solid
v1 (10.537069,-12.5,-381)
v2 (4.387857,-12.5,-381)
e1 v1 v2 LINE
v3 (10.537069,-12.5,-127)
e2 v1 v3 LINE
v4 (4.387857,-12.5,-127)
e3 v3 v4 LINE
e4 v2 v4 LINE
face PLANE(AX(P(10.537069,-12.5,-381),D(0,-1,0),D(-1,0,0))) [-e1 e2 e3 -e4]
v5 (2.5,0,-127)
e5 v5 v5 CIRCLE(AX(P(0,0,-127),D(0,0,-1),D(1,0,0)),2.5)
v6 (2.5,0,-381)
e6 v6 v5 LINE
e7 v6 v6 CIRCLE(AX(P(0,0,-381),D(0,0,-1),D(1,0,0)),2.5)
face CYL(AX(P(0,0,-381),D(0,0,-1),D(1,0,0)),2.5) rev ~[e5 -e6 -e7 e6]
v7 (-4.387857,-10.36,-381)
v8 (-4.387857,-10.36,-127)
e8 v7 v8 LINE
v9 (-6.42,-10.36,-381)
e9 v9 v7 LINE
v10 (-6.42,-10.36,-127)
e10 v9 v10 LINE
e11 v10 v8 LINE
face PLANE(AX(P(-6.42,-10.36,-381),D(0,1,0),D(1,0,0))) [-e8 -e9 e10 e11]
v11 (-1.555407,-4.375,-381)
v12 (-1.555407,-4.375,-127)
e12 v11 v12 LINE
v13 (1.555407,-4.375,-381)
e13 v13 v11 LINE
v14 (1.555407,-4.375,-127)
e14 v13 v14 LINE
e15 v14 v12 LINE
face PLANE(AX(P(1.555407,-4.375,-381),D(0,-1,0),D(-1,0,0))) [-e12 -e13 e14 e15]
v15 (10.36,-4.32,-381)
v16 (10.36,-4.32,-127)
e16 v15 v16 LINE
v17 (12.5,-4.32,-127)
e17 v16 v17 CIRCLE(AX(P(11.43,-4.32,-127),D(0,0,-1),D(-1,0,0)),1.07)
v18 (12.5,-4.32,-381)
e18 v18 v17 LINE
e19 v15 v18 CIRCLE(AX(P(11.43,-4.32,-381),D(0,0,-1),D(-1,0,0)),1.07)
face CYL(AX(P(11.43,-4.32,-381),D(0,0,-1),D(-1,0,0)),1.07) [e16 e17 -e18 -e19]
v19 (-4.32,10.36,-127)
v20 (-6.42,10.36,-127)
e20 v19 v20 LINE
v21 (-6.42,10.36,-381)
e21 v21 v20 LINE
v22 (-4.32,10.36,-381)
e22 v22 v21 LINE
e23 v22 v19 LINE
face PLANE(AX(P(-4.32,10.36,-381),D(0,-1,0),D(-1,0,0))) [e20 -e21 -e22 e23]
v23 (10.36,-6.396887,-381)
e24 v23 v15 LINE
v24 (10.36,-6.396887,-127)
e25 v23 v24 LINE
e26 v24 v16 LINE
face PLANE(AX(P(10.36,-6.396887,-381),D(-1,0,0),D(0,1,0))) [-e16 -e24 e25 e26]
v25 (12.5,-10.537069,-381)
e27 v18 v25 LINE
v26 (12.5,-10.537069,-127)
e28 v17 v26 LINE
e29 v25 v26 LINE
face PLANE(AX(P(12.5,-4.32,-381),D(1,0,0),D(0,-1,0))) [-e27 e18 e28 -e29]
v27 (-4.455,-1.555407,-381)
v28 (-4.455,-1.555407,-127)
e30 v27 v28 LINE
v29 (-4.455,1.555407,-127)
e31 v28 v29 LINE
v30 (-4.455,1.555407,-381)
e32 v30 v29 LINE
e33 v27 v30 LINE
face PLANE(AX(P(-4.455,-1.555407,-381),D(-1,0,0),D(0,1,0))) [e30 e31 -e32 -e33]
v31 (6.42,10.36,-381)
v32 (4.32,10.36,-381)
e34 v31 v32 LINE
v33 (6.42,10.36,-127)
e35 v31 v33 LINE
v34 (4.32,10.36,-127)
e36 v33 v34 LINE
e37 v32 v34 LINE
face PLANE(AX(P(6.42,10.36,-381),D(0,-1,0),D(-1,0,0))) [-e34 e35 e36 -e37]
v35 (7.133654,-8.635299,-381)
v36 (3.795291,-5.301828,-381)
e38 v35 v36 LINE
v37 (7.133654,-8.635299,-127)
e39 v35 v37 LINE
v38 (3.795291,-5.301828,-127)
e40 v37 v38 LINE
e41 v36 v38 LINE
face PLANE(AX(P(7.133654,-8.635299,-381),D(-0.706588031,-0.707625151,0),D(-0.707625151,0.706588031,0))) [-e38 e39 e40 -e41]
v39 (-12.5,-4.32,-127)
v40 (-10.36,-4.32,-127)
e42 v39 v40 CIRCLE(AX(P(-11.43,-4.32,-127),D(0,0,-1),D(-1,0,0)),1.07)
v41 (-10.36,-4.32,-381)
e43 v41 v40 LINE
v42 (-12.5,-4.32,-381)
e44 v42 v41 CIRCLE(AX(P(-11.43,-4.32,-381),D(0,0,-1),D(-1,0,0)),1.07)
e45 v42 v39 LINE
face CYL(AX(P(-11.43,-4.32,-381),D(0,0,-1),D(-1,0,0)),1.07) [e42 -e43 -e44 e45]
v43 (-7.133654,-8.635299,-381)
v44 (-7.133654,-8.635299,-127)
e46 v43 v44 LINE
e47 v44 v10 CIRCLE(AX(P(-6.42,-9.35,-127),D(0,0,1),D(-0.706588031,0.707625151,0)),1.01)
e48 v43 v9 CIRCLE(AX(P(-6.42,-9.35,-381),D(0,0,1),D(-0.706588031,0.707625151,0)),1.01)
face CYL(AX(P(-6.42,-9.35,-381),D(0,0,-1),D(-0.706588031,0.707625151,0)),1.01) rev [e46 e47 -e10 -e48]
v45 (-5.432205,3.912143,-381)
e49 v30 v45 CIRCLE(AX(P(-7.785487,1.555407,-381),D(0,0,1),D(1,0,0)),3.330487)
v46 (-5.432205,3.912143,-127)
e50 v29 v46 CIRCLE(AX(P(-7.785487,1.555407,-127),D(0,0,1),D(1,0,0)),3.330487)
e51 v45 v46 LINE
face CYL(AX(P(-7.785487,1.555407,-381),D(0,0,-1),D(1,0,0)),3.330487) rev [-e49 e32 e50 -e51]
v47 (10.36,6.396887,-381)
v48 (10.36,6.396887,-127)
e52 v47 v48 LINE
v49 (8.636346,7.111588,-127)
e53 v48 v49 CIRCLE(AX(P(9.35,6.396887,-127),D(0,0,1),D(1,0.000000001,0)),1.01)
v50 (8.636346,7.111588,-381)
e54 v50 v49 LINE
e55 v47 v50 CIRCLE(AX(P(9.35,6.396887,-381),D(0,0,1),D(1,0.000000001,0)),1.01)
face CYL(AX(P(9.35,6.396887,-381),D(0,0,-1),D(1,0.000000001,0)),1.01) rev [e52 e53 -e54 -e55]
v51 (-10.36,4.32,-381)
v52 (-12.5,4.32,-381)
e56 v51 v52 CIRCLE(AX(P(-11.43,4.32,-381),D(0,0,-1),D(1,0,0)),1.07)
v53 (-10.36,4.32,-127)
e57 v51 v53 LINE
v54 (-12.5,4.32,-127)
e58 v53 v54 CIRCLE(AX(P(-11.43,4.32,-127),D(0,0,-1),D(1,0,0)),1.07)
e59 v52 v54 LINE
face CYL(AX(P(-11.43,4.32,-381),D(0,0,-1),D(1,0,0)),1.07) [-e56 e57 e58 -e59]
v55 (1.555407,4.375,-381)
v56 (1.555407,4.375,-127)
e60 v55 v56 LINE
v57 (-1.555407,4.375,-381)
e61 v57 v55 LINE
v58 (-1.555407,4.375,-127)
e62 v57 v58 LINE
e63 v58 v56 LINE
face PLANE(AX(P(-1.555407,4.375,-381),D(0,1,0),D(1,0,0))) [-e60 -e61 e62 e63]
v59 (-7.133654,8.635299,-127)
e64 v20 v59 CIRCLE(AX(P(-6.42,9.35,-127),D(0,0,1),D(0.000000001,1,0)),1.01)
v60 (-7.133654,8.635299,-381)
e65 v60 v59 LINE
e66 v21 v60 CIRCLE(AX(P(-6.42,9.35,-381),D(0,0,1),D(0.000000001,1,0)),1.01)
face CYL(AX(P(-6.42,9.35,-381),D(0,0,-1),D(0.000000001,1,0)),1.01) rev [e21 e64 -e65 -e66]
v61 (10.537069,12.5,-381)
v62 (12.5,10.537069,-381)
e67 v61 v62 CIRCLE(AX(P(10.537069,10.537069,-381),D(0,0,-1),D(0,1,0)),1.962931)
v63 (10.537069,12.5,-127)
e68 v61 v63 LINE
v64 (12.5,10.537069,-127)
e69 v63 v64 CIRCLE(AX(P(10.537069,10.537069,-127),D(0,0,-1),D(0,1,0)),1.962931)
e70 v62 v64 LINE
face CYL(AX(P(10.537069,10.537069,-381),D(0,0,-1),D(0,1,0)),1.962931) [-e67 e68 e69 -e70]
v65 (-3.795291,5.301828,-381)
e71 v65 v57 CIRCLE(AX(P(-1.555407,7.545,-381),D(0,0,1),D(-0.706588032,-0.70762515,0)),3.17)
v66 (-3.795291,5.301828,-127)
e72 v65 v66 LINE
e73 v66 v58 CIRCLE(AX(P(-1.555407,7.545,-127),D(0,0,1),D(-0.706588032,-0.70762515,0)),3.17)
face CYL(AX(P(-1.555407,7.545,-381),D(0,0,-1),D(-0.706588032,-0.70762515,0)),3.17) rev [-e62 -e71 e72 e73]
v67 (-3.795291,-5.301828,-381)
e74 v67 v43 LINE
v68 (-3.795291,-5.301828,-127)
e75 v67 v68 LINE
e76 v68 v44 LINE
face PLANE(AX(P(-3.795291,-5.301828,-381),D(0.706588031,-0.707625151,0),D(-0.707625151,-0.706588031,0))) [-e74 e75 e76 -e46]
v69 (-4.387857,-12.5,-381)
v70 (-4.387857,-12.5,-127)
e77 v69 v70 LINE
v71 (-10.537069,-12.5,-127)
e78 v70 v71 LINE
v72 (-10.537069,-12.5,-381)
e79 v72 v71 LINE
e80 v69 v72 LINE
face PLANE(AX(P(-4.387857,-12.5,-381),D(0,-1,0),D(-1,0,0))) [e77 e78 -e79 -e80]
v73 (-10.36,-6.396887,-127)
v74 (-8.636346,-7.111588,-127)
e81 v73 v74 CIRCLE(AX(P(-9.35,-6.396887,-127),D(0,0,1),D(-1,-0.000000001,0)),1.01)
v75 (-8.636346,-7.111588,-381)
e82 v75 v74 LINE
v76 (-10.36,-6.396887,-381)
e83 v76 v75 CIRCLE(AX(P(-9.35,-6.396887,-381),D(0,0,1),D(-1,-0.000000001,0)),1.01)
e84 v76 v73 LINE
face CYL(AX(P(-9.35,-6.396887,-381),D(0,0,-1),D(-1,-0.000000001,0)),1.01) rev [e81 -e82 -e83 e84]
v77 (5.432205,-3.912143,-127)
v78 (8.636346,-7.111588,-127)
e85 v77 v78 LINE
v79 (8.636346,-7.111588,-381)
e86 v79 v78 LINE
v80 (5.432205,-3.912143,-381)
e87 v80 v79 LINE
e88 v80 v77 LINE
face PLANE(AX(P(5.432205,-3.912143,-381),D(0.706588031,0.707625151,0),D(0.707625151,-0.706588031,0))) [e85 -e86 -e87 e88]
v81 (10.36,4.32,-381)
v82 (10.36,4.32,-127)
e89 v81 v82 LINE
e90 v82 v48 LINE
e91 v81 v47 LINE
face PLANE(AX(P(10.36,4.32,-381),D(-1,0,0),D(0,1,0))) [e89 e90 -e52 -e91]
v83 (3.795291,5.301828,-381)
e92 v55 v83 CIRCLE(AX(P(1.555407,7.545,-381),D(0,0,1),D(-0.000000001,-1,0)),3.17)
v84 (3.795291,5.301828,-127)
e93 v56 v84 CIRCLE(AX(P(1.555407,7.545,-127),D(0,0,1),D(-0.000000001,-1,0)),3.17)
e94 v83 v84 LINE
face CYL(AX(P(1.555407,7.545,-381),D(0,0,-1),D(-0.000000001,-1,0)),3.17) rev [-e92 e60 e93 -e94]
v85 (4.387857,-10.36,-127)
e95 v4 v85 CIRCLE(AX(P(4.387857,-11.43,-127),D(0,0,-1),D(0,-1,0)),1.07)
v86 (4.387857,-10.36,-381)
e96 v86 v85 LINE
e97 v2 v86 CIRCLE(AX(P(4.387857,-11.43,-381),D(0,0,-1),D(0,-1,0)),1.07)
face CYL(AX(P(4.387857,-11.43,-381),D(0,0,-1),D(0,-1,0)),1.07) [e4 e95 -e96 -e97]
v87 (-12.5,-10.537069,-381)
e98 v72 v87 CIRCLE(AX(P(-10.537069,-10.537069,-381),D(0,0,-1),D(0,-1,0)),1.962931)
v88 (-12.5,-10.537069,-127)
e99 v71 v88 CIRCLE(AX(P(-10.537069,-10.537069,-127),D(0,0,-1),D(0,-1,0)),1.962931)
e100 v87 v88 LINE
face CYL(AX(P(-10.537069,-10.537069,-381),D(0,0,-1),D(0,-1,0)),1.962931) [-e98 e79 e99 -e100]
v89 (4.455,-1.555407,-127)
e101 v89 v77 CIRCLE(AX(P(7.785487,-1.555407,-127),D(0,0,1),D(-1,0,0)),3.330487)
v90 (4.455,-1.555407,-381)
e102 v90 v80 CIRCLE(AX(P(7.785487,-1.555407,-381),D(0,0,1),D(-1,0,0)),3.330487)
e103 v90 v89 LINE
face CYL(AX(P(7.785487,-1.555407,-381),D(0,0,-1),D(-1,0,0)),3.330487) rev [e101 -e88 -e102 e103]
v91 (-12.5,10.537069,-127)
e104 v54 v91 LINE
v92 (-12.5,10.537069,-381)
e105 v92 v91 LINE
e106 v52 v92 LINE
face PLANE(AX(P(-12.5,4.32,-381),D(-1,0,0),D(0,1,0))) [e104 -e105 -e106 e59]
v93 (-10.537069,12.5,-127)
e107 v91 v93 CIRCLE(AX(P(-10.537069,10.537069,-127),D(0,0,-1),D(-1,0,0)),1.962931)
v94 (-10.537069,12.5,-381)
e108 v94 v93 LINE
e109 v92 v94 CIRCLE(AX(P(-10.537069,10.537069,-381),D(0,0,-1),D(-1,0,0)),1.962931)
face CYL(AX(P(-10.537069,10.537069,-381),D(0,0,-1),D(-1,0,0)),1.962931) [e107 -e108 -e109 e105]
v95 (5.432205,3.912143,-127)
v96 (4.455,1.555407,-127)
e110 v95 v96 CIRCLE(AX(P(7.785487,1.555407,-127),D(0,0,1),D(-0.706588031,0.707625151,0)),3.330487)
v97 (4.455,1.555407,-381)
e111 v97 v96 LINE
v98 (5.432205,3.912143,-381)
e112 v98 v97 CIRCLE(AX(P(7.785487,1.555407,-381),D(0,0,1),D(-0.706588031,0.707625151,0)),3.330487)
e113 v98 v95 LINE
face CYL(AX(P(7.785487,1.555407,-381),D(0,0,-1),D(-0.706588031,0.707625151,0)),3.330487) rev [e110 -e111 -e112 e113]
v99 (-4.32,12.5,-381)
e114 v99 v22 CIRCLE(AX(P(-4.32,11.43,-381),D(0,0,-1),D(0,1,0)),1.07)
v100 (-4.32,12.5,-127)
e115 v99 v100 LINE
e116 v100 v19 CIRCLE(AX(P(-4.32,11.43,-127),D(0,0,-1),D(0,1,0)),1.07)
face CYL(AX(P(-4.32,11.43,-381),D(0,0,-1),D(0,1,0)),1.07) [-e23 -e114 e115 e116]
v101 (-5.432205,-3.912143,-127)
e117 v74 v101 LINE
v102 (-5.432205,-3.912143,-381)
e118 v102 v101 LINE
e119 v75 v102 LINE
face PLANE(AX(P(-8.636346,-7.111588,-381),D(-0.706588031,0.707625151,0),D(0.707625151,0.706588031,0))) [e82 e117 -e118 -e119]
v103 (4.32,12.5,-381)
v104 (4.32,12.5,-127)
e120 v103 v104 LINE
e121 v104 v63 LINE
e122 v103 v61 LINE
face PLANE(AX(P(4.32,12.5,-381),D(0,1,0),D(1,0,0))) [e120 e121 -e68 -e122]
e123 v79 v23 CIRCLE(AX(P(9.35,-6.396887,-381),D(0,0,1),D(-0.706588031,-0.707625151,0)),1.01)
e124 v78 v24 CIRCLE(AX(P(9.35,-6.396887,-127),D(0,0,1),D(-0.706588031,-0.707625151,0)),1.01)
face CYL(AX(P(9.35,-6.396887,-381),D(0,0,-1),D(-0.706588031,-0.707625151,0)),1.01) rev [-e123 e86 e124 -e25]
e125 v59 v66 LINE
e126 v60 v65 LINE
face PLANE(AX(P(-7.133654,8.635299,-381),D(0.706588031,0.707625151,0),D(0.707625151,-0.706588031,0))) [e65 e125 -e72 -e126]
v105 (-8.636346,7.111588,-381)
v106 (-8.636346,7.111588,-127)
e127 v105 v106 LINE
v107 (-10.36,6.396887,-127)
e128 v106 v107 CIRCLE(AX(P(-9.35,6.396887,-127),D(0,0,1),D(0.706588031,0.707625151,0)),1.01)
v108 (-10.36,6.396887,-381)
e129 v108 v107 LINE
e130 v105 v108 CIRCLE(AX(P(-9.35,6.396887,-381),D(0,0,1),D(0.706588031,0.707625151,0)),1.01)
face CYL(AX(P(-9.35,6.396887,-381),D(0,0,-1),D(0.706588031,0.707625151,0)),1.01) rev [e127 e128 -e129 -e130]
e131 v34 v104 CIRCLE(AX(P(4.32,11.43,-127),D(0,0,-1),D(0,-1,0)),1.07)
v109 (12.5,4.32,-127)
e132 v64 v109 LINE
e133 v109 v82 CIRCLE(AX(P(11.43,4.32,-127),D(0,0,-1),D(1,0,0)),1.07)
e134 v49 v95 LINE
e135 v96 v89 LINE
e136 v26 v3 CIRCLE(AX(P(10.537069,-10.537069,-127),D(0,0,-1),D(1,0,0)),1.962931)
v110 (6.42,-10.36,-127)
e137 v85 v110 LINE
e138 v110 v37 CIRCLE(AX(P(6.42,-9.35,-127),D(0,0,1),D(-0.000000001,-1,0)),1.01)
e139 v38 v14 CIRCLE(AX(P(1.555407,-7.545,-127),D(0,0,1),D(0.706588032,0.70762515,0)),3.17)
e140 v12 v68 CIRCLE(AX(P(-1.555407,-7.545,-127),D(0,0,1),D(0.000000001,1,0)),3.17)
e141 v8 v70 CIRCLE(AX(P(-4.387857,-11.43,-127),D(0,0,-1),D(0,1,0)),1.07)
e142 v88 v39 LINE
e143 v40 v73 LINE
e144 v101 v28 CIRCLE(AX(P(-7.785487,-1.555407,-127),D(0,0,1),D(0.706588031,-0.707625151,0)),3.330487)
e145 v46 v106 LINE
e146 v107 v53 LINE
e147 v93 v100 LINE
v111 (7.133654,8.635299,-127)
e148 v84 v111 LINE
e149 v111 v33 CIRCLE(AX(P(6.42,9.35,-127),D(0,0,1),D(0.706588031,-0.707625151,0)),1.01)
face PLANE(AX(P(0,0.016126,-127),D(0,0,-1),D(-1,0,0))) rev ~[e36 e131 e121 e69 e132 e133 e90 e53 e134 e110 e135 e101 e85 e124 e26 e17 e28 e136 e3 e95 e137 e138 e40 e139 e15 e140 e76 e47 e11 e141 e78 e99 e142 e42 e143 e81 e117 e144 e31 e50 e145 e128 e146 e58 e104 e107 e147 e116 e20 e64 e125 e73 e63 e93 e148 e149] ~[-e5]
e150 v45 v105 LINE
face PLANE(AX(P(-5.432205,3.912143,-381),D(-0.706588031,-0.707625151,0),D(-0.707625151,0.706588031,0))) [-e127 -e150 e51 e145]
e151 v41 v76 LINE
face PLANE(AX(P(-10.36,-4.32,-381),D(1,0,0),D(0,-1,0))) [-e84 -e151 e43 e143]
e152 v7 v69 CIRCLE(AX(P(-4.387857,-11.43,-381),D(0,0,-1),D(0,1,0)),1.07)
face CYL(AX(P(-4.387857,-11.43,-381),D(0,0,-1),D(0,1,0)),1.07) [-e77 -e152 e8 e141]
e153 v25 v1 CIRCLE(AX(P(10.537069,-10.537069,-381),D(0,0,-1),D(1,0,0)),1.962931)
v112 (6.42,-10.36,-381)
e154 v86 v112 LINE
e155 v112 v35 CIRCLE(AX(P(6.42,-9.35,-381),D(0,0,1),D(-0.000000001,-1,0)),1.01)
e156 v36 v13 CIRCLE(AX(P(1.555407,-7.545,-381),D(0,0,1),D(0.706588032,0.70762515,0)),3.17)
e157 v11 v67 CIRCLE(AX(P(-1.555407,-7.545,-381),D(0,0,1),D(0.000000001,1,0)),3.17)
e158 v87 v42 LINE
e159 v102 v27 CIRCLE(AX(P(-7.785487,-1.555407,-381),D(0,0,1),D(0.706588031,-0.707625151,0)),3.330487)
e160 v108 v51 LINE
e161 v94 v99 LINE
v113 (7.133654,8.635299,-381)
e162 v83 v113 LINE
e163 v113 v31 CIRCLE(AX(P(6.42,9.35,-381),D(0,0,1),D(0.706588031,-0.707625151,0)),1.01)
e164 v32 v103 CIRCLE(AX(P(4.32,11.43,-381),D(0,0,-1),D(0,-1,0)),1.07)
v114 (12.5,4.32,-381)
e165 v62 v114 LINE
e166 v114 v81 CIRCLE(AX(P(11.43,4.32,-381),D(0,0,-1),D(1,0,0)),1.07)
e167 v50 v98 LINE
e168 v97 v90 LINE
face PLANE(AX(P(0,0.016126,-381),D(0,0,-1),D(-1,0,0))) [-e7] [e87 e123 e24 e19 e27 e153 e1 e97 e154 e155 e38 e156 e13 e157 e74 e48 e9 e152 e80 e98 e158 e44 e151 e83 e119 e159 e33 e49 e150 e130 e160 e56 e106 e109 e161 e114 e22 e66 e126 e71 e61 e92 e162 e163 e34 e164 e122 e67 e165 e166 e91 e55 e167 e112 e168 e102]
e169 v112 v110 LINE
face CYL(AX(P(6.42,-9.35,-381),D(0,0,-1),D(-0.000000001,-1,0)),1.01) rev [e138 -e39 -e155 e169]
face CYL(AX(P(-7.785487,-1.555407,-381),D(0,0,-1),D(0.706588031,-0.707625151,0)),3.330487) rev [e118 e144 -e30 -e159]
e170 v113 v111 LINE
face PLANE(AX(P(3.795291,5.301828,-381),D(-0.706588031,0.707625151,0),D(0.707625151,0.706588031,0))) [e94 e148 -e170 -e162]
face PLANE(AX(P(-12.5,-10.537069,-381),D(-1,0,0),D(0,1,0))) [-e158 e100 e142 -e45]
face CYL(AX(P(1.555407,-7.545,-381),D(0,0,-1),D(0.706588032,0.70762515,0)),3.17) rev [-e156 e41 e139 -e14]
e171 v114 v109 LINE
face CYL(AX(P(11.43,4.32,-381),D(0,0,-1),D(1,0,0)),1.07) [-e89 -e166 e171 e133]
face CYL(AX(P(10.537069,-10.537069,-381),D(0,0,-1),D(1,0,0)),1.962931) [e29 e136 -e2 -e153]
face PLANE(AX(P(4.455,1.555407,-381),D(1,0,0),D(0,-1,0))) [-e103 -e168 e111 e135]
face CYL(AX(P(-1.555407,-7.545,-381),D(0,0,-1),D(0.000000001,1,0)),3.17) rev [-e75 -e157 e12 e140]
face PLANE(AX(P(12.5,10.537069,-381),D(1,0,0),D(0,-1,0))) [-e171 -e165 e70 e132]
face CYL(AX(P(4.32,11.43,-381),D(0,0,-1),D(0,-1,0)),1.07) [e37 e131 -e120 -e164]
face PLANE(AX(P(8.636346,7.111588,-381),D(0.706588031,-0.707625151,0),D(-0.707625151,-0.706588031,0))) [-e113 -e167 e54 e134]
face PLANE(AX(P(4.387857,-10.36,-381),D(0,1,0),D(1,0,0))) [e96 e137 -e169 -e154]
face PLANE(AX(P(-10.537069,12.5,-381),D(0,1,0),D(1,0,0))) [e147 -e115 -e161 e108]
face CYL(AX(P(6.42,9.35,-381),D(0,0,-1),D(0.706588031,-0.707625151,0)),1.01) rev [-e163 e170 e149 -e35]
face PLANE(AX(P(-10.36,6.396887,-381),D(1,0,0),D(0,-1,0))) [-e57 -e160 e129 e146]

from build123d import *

# Parameters (mm, degrees)
SKETCH1_R           = 2.5
BOSS_EXTRUDE1_DEPTH = 254


with BuildPart() as part:
    # Sketch1 → Boss-Extrude1 (new body)
    with BuildSketch(Plane(origin=(0, 0, -381), x_dir=(-1, 0, 0), z_dir=(0, 0, -1))):
        with BuildLine():
            Line((12.5, 4.32), (12.5, 10.537068835))
            ThreePointArc((12.5, 10.537068835), (11.925070773, 11.925070773), (10.537068835, 12.5))
            Line((10.537068835, 12.5), (4.32, 12.5))
            ThreePointArc((4.32, 12.5), (3.25, 11.43), (4.32, 10.36))
            Line((4.32, 10.36), (6.42, 10.36))
            ThreePointArc((6.42, 10.36), (7.35325999, 9.736168088), (7.133653912, 8.635298598))
            Line((7.133653912, 8.635298598), (3.795290766, 5.301828272))
            ThreePointArc((3.795290766, 5.301828272), (2.76743922, 4.61585726), (1.555406707, 4.375))
            Line((1.555406707, 4.375), (-1.555406707, 4.375))
            ThreePointArc((-1.555406707, 4.375), (-2.76743922, 4.61585726), (-3.795290766, 5.301828272))
            Line((-3.795290766, 5.301828272), (-7.133653912, 8.635298598))
            ThreePointArc((-7.133653912, 8.635298598), (-7.35325999, 9.736168088), (-6.42, 10.36))
            Line((-6.42, 10.36), (-4.32, 10.36))
            ThreePointArc((-4.32, 10.36), (-3.25, 11.43), (-4.32, 12.5))
            Line((-4.32, 12.5), (-10.537068835, 12.5))
            ThreePointArc((-10.537068835, 12.5), (-11.925070773, 11.925070773), (-12.5, 10.537068835))
            Line((-12.5, 10.537068835), (-12.5, 4.32))
            ThreePointArc((-12.5, 4.32), (-11.43, 3.25), (-10.36, 4.32))
            Line((-10.36, 4.32), (-10.36, 6.396886949))
            ThreePointArc((-10.36, 6.396886949), (-9.736852394, 7.329863489), (-8.636346088, 7.111588351))
            Line((-8.636346088, 7.111588351), (-5.432204773, 3.912143135))
            ThreePointArc((-5.432204773, 3.912143135), (-4.708985779, 2.831057106), (-4.455, 1.555406707))
            Line((-4.455, 1.555406707), (-4.455, -1.555406707))
            ThreePointArc((-4.455, -1.555406707), (-4.708985779, -2.831057106), (-5.432204773, -3.912143135))
            Line((-5.432204773, -3.912143135), (-8.636346088, -7.111588351))
            ThreePointArc((-8.636346088, -7.111588351), (-9.736852394, -7.329863489), (-10.36, -6.396886949))
            Line((-10.36, -6.396886949), (-10.36, -4.32))
            ThreePointArc((-10.36, -4.32), (-11.43, -3.25), (-12.5, -4.32))
            Line((-12.5, -4.32), (-12.5, -10.537068835))
            ThreePointArc((-12.5, -10.537068835), (-11.925070773, -11.925070773), (-10.537068835, -12.5))
            Line((-10.537068835, -12.5), (-4.387856959, -12.5))
            ThreePointArc((-4.387856959, -12.5), (-3.317856959, -11.43), (-4.387856959, -10.36))
            Line((-4.387856959, -10.36), (-6.42, -10.36))
            ThreePointArc((-6.42, -10.36), (-7.35325999, -9.736168088), (-7.133653912, -8.635298598))
            Line((-7.133653912, -8.635298598), (-3.795290766, -5.301828272))
            ThreePointArc((-3.795290766, -5.301828272), (-2.76743922, -4.61585726), (-1.555406707, -4.375))
            Line((-1.555406707, -4.375), (1.555406707, -4.375))
            ThreePointArc((1.555406707, -4.375), (2.76743922, -4.61585726), (3.795290766, -5.301828272))
            Line((3.795290766, -5.301828272), (7.133653912, -8.635298598))
            ThreePointArc((7.133653912, -8.635298598), (7.35325999, -9.736168088), (6.42, -10.36))
            Line((6.42, -10.36), (4.387856959, -10.36))
            ThreePointArc((4.387856959, -10.36), (3.317856959, -11.43), (4.387856959, -12.5))
            Line((4.387856959, -12.5), (10.537068835, -12.5))
            ThreePointArc((10.537068835, -12.5), (11.925070773, -11.925070773), (12.5, -10.537068835))
            Line((12.5, -10.537068835), (12.5, -4.32))
            ThreePointArc((12.5, -4.32), (11.43, -3.25), (10.36, -4.32))
            Line((10.36, -4.32), (10.36, -6.396886949))
            ThreePointArc((10.36, -6.396886949), (9.736852394, -7.329863489), (8.636346088, -7.111588351))
            Line((8.636346088, -7.111588351), (5.432204773, -3.912143135))
            ThreePointArc((5.432204773, -3.912143135), (4.708985779, -2.831057106), (4.455, -1.555406707))
            Line((4.455, -1.555406707), (4.455, 1.555406707))
            ThreePointArc((4.455, 1.555406707), (4.708985779, 2.831057106), (5.432204773, 3.912143135))
            Line((5.432204773, 3.912143135), (8.636346088, 7.111588351))
            ThreePointArc((8.636346088, 7.111588351), (9.736852394, 7.329863489), (10.36, 6.396886949))
            Line((10.36, 6.396886949), (10.36, 4.32))
            ThreePointArc((10.36, 4.32), (11.43, 3.25), (12.5, 4.32))
        make_face()
        with Locations(Location((0, 0, 0), (0, 0, 180))):
            Circle(SKETCH1_R, mode=Mode.SUBTRACT)
    extrude(amount=-BOSS_EXTRUDE1_DEPTH)


solid = part.part
